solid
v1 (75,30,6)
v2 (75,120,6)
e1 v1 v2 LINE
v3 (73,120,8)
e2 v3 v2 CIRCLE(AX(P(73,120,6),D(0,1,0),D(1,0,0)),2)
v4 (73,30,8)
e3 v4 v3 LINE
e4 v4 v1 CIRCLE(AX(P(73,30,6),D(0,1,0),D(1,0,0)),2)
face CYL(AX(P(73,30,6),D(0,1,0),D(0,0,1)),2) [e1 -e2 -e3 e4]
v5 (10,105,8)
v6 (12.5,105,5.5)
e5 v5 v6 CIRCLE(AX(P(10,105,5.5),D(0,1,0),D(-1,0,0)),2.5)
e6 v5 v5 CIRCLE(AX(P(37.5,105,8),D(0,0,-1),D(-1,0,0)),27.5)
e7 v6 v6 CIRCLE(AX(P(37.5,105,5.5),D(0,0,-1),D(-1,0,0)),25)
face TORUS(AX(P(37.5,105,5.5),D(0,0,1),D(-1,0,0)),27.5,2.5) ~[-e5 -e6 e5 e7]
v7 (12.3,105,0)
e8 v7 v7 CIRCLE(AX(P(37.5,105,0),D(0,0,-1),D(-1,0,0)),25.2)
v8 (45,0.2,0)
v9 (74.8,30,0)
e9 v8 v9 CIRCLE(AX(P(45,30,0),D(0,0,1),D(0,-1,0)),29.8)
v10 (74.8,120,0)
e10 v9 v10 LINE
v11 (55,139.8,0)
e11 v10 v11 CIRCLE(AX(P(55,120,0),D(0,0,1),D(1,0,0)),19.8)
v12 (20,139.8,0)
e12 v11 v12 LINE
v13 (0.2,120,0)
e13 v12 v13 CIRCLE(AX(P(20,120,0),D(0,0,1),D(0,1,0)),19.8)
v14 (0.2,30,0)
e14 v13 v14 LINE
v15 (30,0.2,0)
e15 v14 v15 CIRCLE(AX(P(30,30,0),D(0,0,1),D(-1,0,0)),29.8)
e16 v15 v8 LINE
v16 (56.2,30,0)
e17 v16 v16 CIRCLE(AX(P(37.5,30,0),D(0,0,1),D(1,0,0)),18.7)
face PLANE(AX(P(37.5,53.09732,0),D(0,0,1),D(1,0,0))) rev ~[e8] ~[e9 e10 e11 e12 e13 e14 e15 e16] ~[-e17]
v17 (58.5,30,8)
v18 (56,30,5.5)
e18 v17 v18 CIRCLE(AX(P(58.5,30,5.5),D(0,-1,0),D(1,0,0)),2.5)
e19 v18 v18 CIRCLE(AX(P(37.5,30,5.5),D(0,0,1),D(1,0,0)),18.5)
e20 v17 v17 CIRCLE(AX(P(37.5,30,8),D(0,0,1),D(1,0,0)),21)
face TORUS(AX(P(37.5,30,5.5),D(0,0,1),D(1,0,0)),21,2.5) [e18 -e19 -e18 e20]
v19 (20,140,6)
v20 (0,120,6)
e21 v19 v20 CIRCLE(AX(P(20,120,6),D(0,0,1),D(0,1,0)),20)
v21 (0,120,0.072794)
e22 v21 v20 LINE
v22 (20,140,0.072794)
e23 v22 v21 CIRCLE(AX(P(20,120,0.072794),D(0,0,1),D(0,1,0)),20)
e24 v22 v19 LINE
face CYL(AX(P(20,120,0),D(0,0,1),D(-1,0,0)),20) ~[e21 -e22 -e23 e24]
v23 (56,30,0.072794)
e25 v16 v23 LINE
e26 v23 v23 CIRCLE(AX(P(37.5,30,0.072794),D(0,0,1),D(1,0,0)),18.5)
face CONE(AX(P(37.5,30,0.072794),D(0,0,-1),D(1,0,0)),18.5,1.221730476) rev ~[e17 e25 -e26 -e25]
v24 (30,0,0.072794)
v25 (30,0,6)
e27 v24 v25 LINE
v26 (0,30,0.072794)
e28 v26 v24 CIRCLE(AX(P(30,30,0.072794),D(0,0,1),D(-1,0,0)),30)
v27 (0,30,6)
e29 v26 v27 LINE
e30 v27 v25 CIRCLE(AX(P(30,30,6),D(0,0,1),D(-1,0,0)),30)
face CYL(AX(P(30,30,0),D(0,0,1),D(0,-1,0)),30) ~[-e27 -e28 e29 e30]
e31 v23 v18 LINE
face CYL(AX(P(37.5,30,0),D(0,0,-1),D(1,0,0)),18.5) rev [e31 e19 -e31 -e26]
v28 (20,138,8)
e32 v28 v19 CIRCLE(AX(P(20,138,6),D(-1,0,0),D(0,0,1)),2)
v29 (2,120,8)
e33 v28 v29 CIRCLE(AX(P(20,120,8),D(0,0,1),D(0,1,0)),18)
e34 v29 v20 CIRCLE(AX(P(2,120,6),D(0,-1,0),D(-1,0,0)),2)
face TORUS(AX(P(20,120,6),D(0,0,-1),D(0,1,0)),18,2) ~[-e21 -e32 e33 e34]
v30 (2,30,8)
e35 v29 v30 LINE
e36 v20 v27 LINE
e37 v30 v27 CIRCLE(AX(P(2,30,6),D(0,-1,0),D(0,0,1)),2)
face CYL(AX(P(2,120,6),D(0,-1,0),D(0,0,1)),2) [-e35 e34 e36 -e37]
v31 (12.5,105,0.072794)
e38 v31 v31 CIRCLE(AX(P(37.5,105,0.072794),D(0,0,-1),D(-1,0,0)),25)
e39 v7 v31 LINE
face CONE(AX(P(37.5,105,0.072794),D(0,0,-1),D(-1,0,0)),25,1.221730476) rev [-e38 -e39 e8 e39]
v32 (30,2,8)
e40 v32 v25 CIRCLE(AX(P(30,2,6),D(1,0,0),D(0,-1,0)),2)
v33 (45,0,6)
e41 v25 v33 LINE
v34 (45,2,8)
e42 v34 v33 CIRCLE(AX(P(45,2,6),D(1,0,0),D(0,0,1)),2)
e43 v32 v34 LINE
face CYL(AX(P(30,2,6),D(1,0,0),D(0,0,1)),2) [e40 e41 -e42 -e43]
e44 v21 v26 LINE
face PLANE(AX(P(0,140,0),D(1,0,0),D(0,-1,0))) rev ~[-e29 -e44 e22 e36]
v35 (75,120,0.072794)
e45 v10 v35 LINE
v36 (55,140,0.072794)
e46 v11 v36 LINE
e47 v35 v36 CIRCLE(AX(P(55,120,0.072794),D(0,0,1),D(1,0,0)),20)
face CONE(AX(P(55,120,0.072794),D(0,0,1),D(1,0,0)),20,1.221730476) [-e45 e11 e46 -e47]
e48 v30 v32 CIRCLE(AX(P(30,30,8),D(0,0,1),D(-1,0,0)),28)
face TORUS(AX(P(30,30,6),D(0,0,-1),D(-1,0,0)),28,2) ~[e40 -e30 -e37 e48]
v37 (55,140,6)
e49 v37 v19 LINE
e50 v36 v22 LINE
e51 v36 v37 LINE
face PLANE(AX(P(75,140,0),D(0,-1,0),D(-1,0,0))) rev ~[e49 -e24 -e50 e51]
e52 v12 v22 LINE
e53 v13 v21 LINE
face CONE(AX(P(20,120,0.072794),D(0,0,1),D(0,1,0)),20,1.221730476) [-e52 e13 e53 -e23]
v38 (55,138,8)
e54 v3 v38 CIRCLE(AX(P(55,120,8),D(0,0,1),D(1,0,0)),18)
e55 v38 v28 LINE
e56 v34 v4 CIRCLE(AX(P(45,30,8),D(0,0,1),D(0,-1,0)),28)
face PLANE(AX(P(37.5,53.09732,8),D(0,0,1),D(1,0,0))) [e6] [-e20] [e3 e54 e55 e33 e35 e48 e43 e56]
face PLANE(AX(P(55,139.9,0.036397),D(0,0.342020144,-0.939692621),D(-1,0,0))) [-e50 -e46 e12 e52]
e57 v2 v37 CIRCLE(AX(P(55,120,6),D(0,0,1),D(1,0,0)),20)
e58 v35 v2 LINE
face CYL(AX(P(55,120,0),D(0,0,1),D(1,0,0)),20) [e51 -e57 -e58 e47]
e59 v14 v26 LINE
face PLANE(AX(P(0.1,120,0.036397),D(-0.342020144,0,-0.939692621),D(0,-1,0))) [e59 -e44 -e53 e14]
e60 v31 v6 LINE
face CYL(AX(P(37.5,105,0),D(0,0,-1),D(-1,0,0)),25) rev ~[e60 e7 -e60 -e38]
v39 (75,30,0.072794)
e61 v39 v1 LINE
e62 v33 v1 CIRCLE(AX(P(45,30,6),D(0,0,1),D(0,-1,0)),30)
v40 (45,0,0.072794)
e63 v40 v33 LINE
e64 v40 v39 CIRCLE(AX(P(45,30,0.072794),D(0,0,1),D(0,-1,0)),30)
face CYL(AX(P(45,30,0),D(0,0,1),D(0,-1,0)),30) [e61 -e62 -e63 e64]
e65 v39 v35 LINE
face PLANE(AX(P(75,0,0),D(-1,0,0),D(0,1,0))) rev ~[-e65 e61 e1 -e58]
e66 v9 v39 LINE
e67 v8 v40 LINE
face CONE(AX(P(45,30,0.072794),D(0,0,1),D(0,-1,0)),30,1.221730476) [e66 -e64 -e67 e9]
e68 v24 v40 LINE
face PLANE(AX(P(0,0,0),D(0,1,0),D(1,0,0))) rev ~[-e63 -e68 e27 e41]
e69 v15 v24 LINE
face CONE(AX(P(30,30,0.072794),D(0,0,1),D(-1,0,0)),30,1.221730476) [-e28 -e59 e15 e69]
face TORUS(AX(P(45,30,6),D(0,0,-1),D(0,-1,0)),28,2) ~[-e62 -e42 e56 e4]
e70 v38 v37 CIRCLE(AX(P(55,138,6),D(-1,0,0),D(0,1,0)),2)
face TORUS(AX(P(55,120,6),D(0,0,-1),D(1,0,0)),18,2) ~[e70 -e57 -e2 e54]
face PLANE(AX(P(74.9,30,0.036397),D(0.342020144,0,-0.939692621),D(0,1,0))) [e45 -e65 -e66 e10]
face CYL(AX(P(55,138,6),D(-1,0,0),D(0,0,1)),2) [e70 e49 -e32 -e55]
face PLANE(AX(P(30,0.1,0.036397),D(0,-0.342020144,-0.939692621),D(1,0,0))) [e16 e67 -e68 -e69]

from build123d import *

# Parameters (mm, degrees)
F0_R     = 18.5
F1_DEPTH = 8
F2_R     = 30
F3_R     = 2.5
F4_R     = 20
F5_R     = 2
F6_SIZE2 = 0.0727940469
F6_SIZE  = 0.2


with BuildPart() as f1:
    # F0 (on Top) → F1 (new body)
    with BuildSketch(Plane.XY):
        with BuildLine():
            Line((0, 105), (0, 0))
            Line((0, 0), (75, 0))
            Line((75, 0), (75, 105))
            Line((75, 105), (62.5, 105))
            ThreePointArc((62.5, 105), (37.5, 80), (12.5, 105))
            Line((12.5, 105), (0, 105))
        make_face()
        with Locations((37.5, 30)):
            Circle(F0_R, mode=Mode.SUBTRACT)
        with BuildLine():
            Line((0, 140), (0, 105))
            Line((0, 105), (12.5, 105))
            ThreePointArc((12.5, 105), (37.5, 130), (62.5, 105))
            Line((62.5, 105), (75, 105))
            Line((75, 105), (75, 140))
            Line((75, 140), (0, 140))
        make_face()
    extrude(amount=F1_DEPTH)

    # F2
    f2_edges = [f1.edges().sort_by_distance(p)[0] for p in [
        (75, 0, 4),
        (0, 0, 4),
    ]]
    fillet(f2_edges, radius=F2_R)

    # F3
    f3_edges = [f1.edges().sort_by_distance(p)[0] for p in [
        (62.5, 105, 8),
        (19, 30, 8),
    ]]
    fillet(f3_edges, radius=F3_R)

    # F4
    f4_edges = [f1.edges().sort_by_distance(p)[0] for p in [
        (0, 140, 4),
        (75, 140, 4),
    ]]
    fillet(f4_edges, radius=F4_R)

    # F5
    f5_edges = [f1.edges().sort_by_distance(p)[0] for p in [
        (69.142136, 134.142136, 8),
        (37.5, 140, 8),
        (5.857864, 134.142136, 8),
        (0, 75, 8),
        (75, 75, 8),
        (66.213203, 8.786797, 8),
        (37.5, 0, 8),
        (8.786797, 8.786797, 8),
    ]]
    fillet(f5_edges, radius=F5_R)

    # F6
    f6_edges = [f1.edges().sort_by_distance(p)[0] for p in [
        (0, 75, 0),
        (5.857864, 134.142136, 0),
        (8.786797, 8.786797, 0),
        (37.5, 140, 0),
        (37.5, 0, 0),
        (69.142136, 134.142136, 0),
        (66.213203, 8.786797, 0),
        (75, 75, 0),
        (62.5, 105, 0),
        (19, 30, 0),
    ]]
    f6_side = f1.faces().sort_by_distance((37.5, 68.187347, 0))[0]
    chamfer(f6_edges, length=F6_SIZE, length2=F6_SIZE2, reference=f6_side)


solid = f1.part
